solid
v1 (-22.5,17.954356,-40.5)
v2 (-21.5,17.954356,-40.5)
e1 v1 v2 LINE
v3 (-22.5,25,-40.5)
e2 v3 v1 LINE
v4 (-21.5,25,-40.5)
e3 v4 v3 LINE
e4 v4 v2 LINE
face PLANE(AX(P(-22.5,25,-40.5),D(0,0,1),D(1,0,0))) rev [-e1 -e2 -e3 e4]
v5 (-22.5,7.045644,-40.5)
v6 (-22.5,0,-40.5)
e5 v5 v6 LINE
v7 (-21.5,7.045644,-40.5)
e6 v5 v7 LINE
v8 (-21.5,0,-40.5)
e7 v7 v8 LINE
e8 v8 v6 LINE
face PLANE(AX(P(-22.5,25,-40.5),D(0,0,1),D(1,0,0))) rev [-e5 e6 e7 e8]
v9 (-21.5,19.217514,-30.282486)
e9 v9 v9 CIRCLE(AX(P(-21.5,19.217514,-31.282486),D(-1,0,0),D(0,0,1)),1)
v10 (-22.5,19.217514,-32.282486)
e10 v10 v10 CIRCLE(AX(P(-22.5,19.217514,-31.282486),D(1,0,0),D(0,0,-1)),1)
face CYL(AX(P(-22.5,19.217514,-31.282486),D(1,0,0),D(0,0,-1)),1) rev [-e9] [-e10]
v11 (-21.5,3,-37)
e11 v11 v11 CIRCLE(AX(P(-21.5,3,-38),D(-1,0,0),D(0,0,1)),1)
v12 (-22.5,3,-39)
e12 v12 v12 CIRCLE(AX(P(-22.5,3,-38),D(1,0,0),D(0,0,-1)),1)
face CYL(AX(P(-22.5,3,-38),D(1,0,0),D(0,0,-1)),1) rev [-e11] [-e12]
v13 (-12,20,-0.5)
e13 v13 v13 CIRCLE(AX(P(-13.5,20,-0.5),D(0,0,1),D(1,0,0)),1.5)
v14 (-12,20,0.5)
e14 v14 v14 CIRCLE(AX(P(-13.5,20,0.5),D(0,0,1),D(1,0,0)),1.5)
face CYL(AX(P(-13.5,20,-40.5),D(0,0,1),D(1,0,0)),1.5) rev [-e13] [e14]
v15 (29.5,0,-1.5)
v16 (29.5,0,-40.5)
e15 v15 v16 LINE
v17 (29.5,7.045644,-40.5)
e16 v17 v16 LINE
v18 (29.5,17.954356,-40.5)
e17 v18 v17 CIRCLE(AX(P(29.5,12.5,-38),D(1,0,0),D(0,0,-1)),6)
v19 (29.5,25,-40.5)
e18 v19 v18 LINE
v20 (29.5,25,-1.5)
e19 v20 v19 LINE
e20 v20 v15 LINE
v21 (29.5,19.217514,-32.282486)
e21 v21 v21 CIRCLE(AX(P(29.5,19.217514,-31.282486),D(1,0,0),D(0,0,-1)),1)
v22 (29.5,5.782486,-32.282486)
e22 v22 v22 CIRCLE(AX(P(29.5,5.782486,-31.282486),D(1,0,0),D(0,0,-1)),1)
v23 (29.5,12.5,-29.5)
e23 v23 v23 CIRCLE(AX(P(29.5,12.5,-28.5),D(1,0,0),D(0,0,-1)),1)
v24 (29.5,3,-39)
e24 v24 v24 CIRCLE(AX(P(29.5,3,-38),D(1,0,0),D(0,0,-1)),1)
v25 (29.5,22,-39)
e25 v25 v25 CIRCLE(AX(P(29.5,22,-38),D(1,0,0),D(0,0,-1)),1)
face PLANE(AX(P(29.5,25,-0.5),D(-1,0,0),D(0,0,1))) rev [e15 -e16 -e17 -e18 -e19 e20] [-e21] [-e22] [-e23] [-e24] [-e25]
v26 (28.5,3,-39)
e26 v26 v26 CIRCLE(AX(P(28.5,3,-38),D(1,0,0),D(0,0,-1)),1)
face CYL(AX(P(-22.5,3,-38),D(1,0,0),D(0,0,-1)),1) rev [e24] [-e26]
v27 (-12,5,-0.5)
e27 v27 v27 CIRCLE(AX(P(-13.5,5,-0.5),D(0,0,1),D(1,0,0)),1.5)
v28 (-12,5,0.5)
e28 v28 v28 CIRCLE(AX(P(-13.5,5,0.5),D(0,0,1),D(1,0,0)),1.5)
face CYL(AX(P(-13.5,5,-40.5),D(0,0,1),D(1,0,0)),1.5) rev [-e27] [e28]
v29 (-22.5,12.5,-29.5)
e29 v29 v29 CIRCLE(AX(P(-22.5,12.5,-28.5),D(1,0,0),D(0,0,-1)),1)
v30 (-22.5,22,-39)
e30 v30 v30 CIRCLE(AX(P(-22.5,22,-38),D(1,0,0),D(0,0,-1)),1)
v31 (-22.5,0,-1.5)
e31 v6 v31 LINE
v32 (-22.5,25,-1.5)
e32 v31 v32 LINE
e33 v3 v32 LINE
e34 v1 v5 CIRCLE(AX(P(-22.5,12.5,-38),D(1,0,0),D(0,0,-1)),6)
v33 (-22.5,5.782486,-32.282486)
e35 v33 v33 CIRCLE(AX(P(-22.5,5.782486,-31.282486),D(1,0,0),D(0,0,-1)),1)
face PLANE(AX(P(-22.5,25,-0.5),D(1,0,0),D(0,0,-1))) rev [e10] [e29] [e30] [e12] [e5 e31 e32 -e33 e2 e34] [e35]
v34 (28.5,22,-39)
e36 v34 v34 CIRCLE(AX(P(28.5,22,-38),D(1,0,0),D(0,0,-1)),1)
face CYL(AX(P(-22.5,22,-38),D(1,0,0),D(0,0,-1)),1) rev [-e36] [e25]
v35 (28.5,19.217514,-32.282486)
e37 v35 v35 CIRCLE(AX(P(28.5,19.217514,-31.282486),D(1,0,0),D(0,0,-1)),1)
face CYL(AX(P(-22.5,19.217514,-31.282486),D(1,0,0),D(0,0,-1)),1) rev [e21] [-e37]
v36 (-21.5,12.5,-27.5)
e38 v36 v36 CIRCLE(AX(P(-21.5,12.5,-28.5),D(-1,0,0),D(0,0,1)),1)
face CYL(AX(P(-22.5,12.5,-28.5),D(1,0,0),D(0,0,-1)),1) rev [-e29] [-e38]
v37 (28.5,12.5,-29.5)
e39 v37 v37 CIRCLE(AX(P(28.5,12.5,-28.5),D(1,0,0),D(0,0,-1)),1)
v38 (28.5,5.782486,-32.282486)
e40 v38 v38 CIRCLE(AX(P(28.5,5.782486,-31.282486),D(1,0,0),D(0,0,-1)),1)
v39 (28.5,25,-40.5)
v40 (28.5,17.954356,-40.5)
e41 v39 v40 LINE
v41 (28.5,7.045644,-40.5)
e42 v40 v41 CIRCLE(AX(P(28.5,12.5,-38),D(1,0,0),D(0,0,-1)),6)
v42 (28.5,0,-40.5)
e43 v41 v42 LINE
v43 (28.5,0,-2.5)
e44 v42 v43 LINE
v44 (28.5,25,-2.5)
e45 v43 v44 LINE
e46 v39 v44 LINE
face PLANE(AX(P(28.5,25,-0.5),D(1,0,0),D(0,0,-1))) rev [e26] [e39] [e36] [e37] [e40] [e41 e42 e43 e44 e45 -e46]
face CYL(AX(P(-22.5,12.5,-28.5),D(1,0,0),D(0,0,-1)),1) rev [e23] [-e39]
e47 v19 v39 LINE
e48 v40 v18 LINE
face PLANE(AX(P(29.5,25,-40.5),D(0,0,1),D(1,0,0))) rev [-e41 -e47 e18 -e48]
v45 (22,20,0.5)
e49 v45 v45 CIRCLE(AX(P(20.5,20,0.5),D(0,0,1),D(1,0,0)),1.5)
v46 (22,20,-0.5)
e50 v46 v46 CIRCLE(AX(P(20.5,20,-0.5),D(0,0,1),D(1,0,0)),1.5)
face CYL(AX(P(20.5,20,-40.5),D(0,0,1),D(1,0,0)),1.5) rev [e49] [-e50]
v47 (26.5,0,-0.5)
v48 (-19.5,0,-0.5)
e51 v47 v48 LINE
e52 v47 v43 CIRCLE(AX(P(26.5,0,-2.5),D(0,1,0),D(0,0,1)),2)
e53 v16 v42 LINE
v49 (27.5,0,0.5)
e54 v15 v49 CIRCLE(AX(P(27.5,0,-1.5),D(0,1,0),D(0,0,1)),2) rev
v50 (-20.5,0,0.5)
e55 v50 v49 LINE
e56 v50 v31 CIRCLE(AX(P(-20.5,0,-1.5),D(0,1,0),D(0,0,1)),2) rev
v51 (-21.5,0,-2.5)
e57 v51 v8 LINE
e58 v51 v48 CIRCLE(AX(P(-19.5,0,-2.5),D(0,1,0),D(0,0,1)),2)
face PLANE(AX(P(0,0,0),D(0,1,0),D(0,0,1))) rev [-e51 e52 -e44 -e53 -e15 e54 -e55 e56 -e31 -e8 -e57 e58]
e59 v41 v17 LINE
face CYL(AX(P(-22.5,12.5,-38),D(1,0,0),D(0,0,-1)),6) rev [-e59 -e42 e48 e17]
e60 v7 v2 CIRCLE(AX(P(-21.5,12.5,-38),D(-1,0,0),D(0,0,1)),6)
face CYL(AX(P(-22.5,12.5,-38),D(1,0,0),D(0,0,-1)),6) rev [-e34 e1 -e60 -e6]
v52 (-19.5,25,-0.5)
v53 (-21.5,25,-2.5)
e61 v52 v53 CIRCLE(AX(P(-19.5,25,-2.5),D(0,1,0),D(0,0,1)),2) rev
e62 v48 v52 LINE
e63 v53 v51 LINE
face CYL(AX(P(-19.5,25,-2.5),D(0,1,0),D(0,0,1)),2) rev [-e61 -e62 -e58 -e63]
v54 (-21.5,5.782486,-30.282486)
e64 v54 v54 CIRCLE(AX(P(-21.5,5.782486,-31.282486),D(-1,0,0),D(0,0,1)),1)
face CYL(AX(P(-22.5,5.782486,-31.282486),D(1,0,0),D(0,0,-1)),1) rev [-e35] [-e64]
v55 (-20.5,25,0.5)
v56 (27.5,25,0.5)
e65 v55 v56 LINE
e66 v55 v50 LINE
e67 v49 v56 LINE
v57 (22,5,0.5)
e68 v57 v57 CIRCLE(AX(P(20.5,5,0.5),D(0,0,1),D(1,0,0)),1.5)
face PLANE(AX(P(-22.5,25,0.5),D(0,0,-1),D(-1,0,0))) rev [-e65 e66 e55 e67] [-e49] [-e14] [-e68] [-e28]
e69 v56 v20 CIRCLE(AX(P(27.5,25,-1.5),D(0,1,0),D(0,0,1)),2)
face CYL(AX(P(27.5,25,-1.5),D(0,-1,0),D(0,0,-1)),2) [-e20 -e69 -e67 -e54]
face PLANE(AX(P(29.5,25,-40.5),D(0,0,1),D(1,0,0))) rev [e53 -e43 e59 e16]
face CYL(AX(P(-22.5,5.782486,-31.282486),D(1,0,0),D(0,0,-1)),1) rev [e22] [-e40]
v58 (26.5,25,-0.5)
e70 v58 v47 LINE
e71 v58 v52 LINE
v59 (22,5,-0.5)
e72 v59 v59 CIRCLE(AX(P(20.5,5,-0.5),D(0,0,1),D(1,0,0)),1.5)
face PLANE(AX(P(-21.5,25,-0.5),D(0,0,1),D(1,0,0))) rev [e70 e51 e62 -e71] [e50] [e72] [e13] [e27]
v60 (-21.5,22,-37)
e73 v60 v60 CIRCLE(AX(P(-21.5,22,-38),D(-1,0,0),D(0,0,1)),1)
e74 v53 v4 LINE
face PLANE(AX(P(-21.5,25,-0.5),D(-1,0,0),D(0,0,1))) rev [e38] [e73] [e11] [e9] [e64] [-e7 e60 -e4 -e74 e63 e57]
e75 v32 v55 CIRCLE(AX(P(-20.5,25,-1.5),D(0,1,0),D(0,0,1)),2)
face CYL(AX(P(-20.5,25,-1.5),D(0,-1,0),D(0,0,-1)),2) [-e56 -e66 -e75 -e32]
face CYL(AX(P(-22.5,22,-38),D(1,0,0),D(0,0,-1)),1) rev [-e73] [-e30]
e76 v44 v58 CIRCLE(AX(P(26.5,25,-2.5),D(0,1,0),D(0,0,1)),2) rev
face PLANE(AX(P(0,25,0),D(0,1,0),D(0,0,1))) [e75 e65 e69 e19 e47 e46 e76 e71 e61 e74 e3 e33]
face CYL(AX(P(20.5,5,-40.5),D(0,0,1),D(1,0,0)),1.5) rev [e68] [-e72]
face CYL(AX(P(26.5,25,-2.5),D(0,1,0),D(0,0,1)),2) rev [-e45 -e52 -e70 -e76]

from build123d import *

# Parameters (mm, degrees)
BOSS_EXTRUDE1_DEPTH = 25
SKETCH2_R           = 1
SKETCH2_R_2         = 6
CUT_EXTRUDE1_DEPTH  = 53
FILLET2_R           = 2
SKETCH3_R           = 1.5
CUT_EXTRUDE2_DEPTH  = 42


with BuildPart() as part:
    # Sketch1 → Boss-Extrude1 (new body)
    with BuildSketch(Plane(origin=(0, 0, 0), x_dir=(1, 0, 0), z_dir=(0, 1, 0))):
        Polygon((-21.5, 0.5), (28.5, 0.5), (28.5, 40.5), (29.5, 40.5), (29.5, 0.5), (29.5, -0.5), (-22.5, -0.5), (-22.5, 0.5), (-22.5, 40.5), (-21.5, 40.5), align=None)
    extrude(amount=BOSS_EXTRUDE1_DEPTH)

    # Sketch2 → Cut-Extrude1 (cut, through all)
    with BuildSketch(Plane(origin=(29.5, 0, 0), x_dir=(0, 0, -1), z_dir=(1, 0, 0))):
        with Locations((28.5, 12.5)):
            Circle(SKETCH2_R)
        with Locations((38, 12.5)):
            Circle(SKETCH2_R_2)
        with Locations((31.282485579, 19.217514421)):
            Circle(SKETCH2_R)
        with Locations((38, 22)):
            Circle(SKETCH2_R)
        with Locations((38, 3)):
            Circle(SKETCH2_R)
        with Locations((31.282485579, 5.782485579)):
            Circle(SKETCH2_R)
    extrude(amount=-CUT_EXTRUDE1_DEPTH, mode=Mode.SUBTRACT)

    # Fillet2
    fillet2_edges = [part.edges().sort_by_distance(p)[0] for p in [
        (29.5, 12.5, 0.5),
        (-22.5, 12.5, 0.5),
        (-21.5, 12.5, -0.5),
        (28.5, 12.5, -0.5),
    ]]
    fillet(fillet2_edges, radius=FILLET2_R)

    # Sketch3 → Cut-Extrude2 (cut, through all)
    with BuildSketch(Plane.XY.offset(0.5)):
        with Locations((-13.5, 20)):
            Circle(SKETCH3_R)
        with Locations((20.5, 20)):
            Circle(SKETCH3_R)
        with Locations((-13.5, 5)):
            Circle(SKETCH3_R)
        with Locations((20.5, 5)):
            Circle(SKETCH3_R)
    extrude(amount=-CUT_EXTRUDE2_DEPTH, mode=Mode.SUBTRACT)


solid = part.part
